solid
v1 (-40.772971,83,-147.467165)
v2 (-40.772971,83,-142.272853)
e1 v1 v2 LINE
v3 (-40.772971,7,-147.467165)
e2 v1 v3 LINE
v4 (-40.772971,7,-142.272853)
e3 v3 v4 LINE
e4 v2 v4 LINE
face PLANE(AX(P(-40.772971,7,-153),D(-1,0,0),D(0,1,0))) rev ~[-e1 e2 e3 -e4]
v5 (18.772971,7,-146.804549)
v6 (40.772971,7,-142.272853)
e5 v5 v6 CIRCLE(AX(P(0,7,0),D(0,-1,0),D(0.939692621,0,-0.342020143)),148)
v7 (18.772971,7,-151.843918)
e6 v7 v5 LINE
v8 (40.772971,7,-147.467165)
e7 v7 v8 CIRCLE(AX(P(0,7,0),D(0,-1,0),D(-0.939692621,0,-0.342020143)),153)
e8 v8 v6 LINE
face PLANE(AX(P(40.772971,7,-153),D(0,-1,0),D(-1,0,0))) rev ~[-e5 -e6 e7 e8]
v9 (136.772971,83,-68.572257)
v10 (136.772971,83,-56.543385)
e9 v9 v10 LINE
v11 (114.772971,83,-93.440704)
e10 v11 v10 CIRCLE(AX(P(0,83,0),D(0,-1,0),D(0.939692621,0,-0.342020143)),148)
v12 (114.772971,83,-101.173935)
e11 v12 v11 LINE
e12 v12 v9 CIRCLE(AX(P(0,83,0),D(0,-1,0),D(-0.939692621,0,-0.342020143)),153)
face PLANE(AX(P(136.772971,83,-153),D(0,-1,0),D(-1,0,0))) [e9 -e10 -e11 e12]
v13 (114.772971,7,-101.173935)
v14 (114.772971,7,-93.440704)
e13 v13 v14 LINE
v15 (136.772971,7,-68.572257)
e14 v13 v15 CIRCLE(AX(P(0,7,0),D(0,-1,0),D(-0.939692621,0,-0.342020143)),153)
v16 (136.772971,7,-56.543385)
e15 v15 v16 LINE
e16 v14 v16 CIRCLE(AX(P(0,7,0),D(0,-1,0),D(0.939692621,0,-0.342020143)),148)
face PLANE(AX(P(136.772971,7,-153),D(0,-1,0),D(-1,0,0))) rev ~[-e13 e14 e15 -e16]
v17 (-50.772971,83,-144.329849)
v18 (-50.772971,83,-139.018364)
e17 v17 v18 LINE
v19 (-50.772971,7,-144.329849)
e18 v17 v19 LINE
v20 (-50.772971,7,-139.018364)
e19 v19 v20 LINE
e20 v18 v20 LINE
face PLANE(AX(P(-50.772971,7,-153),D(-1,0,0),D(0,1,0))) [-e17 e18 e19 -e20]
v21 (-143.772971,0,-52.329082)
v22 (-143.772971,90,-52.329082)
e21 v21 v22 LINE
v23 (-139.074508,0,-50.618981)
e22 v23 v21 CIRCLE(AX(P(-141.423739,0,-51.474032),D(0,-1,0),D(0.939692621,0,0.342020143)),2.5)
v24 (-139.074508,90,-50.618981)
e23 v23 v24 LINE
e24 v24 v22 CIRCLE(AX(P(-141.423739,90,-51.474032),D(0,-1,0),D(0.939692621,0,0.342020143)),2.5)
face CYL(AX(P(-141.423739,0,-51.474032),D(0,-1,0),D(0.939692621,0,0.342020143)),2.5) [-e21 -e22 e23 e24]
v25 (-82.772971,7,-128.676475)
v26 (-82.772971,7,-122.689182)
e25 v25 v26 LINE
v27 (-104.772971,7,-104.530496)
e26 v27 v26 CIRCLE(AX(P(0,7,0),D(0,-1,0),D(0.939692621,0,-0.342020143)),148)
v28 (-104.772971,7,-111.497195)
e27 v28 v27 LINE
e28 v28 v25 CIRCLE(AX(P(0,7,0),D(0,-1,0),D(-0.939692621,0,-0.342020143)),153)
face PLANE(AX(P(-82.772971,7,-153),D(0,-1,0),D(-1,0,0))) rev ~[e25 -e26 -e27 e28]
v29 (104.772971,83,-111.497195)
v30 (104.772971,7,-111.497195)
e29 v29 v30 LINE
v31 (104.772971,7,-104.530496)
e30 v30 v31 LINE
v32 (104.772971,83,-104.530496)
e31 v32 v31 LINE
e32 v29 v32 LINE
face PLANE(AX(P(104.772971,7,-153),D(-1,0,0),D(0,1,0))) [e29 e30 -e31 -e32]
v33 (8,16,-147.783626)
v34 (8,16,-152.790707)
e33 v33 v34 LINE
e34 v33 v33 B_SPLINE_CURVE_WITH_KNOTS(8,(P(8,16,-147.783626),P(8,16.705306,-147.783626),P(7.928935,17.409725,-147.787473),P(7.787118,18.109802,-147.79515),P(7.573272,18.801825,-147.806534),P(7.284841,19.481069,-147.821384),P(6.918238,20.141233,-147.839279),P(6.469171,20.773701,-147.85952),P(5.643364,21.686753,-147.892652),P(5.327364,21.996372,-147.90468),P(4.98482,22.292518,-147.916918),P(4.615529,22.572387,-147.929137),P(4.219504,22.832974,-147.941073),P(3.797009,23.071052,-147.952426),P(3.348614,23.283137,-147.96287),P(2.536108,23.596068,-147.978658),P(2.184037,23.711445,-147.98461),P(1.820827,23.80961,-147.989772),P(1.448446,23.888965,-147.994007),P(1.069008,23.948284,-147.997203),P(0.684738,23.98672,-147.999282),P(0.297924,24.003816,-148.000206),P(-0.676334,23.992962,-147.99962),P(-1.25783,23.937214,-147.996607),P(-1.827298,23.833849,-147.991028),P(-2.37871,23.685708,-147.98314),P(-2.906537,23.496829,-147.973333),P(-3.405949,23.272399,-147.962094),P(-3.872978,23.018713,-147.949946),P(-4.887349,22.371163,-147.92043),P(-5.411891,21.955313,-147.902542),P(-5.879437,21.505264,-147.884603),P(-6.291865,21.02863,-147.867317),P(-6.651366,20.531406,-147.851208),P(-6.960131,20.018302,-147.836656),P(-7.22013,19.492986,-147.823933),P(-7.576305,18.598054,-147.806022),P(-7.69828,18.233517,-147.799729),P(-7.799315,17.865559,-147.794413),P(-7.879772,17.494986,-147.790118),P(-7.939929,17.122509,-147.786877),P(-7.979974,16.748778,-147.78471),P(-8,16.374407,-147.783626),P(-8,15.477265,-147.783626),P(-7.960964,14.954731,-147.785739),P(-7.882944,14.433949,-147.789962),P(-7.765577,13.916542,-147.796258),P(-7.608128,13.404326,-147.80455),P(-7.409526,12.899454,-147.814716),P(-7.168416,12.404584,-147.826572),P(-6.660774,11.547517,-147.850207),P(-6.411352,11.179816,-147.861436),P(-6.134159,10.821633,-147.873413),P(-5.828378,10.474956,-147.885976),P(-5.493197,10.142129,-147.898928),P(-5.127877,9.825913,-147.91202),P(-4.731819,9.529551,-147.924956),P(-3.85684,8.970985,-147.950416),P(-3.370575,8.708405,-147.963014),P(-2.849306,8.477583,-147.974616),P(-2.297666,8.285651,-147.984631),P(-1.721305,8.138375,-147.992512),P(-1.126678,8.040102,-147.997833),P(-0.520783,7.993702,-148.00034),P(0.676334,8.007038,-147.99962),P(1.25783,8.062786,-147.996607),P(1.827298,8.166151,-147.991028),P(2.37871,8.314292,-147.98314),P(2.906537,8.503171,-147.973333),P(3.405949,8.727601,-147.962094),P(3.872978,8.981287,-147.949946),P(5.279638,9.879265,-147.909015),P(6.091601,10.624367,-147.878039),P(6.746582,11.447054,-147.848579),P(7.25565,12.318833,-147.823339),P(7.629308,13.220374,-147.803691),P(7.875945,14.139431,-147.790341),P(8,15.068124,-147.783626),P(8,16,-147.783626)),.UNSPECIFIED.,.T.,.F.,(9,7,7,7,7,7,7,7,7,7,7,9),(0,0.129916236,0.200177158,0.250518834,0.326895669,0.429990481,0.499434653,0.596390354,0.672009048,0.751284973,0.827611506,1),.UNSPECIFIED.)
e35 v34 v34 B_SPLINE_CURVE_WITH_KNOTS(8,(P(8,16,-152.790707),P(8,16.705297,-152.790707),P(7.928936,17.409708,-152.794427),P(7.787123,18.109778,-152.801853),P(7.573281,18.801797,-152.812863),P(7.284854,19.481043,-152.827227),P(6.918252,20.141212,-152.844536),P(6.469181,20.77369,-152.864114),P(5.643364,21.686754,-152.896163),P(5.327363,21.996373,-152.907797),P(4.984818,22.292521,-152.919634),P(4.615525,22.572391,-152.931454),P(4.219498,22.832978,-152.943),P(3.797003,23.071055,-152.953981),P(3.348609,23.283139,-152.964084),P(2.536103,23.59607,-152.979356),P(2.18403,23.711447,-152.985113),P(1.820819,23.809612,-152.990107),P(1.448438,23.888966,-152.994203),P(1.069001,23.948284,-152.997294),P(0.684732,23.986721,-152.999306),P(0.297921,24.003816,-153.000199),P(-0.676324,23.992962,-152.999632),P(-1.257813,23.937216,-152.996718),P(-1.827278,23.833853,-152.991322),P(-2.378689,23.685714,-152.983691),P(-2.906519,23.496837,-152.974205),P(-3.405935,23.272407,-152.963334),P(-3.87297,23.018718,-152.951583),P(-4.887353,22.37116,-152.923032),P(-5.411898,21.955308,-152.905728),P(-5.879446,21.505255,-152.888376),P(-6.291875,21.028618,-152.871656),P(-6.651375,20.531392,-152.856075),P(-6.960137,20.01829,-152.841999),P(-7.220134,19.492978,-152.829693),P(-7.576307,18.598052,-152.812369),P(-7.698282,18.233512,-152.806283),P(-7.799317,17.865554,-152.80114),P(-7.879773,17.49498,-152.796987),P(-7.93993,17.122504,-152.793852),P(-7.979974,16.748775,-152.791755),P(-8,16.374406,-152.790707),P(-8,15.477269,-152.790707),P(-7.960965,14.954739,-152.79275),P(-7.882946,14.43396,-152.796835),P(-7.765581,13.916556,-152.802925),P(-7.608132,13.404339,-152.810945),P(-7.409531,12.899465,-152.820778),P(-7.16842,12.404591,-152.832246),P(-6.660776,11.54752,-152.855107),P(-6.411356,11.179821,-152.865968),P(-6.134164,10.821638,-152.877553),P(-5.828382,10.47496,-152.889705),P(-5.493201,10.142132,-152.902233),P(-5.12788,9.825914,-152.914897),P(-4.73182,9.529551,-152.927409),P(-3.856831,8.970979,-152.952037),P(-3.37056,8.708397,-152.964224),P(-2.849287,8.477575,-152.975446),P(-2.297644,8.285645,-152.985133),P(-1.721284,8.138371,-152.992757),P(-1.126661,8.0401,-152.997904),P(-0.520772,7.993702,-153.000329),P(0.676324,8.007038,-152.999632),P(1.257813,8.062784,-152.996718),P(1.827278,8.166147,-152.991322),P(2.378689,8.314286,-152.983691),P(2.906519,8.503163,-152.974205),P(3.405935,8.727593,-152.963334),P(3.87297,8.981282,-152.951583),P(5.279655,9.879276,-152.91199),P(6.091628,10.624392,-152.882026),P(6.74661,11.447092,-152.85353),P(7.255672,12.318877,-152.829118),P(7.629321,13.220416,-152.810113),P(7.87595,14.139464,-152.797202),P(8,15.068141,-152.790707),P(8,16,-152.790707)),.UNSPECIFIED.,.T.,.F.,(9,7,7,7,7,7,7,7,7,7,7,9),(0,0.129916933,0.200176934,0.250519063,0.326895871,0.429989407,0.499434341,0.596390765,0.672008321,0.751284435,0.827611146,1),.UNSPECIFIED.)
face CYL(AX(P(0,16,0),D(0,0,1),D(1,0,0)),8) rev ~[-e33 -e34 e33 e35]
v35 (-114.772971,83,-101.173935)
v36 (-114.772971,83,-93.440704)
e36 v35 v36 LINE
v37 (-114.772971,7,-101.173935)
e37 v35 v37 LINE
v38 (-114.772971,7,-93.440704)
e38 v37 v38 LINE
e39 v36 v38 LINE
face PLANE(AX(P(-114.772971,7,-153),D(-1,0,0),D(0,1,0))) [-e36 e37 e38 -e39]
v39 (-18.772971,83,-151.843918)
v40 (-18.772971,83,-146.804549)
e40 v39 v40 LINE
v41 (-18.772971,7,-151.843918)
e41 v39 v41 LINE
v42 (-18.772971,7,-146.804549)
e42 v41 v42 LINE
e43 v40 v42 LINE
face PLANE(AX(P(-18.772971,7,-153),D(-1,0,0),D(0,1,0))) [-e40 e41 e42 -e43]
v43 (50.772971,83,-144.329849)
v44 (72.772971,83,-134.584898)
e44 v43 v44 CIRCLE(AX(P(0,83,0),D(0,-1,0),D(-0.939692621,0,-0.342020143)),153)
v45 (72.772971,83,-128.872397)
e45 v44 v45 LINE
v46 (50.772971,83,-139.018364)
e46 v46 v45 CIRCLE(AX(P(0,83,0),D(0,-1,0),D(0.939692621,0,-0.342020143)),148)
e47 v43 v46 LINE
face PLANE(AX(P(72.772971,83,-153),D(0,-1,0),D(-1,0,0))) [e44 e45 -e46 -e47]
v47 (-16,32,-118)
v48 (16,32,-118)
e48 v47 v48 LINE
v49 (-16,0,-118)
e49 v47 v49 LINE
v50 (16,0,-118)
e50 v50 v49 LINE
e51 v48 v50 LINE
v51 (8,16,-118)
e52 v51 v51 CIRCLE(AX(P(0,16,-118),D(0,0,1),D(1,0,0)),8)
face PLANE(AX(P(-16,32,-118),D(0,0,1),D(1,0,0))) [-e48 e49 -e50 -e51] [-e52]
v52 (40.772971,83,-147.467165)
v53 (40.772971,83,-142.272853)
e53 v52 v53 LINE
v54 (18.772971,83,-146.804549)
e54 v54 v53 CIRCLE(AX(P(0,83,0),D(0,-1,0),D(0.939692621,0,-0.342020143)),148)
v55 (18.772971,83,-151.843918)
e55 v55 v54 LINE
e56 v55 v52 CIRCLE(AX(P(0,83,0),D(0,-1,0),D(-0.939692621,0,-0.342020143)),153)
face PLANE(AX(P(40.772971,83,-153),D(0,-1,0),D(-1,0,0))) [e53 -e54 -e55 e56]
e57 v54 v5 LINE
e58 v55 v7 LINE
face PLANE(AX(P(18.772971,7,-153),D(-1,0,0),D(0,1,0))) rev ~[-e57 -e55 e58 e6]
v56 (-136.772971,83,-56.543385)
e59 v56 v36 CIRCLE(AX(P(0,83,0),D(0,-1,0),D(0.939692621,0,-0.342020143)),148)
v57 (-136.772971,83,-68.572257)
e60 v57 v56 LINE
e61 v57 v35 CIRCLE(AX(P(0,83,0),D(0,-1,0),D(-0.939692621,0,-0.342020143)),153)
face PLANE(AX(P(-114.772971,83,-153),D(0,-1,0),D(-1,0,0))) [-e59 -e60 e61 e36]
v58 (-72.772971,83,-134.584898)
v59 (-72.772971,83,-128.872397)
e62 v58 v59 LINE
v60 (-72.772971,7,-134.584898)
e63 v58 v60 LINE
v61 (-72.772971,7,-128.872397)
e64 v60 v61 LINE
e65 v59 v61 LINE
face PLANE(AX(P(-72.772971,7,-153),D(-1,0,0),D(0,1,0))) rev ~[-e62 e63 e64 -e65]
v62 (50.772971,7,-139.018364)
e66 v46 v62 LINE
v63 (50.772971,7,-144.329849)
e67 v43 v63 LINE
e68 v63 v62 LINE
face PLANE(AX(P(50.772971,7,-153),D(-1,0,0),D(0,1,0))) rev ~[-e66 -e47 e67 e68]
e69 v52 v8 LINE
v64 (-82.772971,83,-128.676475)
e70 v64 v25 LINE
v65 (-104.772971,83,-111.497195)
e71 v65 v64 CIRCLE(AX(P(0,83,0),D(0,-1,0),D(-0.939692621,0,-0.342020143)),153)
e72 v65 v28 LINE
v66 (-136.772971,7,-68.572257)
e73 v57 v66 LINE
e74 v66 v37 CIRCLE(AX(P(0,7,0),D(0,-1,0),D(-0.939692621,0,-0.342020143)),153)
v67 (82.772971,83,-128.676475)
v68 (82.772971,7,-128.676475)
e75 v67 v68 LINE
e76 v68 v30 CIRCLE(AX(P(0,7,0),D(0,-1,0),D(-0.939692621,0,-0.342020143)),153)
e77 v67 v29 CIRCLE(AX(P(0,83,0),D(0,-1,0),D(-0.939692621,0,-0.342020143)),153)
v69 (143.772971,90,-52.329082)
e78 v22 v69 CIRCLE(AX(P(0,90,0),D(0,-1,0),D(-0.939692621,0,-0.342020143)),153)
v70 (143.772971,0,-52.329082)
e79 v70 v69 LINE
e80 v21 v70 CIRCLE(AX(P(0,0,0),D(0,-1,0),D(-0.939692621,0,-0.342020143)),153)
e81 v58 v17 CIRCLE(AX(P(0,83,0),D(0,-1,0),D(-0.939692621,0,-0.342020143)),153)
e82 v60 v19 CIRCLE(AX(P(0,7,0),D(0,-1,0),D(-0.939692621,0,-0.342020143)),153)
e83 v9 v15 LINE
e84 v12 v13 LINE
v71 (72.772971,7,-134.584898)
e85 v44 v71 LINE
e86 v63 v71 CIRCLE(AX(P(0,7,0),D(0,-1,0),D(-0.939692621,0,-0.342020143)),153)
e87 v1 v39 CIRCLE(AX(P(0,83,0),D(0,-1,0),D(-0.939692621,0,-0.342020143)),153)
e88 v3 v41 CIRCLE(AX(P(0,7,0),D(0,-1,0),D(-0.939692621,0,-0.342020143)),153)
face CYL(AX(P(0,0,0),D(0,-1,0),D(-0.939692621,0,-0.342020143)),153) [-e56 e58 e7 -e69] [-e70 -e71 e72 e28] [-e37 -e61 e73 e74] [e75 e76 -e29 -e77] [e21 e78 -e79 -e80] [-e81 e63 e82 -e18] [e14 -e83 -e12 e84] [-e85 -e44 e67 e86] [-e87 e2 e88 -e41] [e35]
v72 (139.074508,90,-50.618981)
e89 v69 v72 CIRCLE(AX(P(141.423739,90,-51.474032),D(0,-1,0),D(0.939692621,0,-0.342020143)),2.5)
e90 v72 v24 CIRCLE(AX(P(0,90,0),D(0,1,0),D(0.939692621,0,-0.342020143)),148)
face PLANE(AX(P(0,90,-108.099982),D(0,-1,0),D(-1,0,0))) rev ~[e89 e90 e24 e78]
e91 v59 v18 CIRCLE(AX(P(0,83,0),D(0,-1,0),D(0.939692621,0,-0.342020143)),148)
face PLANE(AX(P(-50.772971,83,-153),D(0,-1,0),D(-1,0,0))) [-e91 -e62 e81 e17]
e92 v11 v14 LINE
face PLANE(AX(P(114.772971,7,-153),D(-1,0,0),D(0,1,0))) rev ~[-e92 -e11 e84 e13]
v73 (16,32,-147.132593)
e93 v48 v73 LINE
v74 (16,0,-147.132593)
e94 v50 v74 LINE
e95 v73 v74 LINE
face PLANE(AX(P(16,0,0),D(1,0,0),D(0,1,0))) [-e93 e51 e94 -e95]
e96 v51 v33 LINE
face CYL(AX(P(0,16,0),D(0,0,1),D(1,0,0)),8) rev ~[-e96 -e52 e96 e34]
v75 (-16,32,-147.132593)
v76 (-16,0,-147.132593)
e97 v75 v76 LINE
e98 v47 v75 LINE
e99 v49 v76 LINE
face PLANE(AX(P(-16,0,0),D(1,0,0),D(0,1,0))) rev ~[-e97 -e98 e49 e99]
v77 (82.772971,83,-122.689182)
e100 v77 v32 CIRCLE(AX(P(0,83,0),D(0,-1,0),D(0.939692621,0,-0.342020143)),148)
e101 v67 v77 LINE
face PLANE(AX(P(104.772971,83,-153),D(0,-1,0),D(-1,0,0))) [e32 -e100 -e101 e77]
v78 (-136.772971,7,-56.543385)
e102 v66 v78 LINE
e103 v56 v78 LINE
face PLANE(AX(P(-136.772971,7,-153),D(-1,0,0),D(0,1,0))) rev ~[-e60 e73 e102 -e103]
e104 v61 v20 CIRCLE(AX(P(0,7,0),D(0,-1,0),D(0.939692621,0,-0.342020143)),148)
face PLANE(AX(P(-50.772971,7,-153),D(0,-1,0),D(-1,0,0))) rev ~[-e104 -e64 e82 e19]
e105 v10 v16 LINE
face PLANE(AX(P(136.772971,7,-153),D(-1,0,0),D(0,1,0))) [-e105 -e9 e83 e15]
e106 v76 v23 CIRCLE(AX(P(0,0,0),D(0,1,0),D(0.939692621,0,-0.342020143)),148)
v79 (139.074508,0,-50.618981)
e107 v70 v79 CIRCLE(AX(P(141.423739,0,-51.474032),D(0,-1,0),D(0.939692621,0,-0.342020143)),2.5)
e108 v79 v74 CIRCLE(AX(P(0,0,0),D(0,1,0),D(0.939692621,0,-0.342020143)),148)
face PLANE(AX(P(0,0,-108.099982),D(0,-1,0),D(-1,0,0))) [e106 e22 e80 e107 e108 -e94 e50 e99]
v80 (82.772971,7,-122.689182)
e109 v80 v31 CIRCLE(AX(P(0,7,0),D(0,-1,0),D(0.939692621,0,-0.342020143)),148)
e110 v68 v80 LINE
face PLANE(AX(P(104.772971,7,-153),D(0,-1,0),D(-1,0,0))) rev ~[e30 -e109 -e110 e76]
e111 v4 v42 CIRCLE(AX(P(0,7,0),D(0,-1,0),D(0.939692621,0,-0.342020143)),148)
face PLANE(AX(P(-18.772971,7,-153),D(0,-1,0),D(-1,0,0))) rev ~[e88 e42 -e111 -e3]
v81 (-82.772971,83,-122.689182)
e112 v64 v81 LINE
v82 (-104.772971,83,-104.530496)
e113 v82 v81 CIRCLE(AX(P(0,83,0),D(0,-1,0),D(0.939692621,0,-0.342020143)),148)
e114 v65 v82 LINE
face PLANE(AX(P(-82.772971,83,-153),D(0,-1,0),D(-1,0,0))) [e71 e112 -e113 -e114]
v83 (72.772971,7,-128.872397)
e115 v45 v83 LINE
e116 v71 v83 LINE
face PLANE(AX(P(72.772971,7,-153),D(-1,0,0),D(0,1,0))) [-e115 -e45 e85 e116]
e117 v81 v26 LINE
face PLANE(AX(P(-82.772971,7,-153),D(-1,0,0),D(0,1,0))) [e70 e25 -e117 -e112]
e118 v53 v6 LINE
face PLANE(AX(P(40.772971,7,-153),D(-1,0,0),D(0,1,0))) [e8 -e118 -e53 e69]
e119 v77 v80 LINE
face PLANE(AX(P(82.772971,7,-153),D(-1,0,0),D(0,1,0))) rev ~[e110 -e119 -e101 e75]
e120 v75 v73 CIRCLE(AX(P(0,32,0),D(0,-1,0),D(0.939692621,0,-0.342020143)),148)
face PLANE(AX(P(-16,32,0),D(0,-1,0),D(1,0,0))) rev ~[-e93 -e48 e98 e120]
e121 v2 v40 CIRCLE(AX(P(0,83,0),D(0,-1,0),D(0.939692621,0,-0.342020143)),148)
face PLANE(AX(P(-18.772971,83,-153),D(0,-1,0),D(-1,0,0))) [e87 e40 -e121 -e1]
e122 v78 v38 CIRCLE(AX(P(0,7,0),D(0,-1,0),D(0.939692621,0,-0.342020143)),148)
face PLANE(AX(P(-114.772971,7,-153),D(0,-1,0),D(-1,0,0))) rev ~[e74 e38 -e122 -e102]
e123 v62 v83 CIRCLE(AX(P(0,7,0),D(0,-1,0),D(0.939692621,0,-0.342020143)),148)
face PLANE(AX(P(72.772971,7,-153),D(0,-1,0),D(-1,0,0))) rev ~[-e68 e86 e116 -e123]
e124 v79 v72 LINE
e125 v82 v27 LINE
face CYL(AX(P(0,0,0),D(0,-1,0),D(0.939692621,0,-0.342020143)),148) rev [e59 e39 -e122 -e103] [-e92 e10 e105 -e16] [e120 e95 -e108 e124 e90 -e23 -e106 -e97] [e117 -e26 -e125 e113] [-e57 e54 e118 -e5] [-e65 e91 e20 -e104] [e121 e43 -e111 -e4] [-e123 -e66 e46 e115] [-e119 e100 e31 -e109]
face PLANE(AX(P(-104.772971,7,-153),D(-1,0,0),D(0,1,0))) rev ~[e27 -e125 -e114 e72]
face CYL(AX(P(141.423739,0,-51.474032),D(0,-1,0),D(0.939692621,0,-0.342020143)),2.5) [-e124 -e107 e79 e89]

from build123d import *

# Parameters (mm, degrees)
BOSS_EXTRUDE1_DEPTH = 90
BOSS_EXTRUDE2_REACH = 155
SKETCH2_W           = 32
SKETCH2_H           = 32
SKETCH2_R           = 8
SKETCH3_R           = 8
CUT_EXTRUDE1_DEPTH  = 210
SKETCH4_W           = 32
SKETCH4_H           = 118
CUT_EXTRUDE2_DEPTH  = 210
SKETCH5_W           = 22
SKETCH5_H           = 76
CUT_EXTRUDE4_DEPTH  = 210


with BuildPart() as part:
    # Sketch1 → Boss-Extrude1 (new body)
    with BuildSketch(Plane(origin=(0, 0, 0), x_dir=(1, 0, 0), z_dir=(0, 1, 0))):
        with BuildLine():
            ThreePointArc((139.074507876, 50.618981212), (0, 148), (-139.074507876, 50.618981212))
            ThreePointArc((-139.074507876, 50.618981212), (-142.278789787, 49.124800019), (-143.77297098, 52.329081929))
            ThreePointArc((-143.77297098, 52.329081929), (0, 153), (143.77297098, 52.329081929))
            ThreePointArc((143.77297098, 52.329081929), (142.278789787, 49.124800019), (139.074507876, 50.618981212))
        make_face()
    extrude(amount=BOSS_EXTRUDE1_DEPTH)

    # Sketch2 → Boss-Extrude2 (add, up to next)
    with BuildSketch(Plane.XY, mode=Mode.PRIVATE) as boss_extrude2_sk1:
        with Locations((0, 16)):
            Rectangle(SKETCH2_W, SKETCH2_H)
        with Locations((0, 16)):
            Circle(SKETCH2_R, mode=Mode.SUBTRACT)
    boss_extrude2_tool1 = extrude(boss_extrude2_sk1.sketch, amount=-BOSS_EXTRUDE2_REACH, mode=Mode.PRIVATE) - part.part
    add(boss_extrude2_tool1.solids().sort_by_distance((0, 0.452548, 0))[0])

    # Sketch3 → Cut-Extrude1 (cut)
    with BuildSketch(Plane.XY):
        with Locations((0, 16)):
            Circle(SKETCH3_R)
    extrude(amount=-CUT_EXTRUDE1_DEPTH, mode=Mode.SUBTRACT)

    # Sketch4 → Cut-Extrude2 (cut)
    with BuildSketch(Plane(origin=(0, 32, 0), x_dir=(1, 0, 0), z_dir=(0, 1, 0))):
        with Locations((0, 59)):
            Rectangle(SKETCH4_W, SKETCH4_H)
    extrude(amount=-CUT_EXTRUDE2_DEPTH, mode=Mode.SUBTRACT)

    # Sketch5 → Cut-Extrude4 (cut)
    with BuildSketch(Plane(origin=(0, 0, -153), x_dir=(-1, 0, 0), z_dir=(0, 0, -1))):
        with Locations((-125.77297098, 45)):
            Rectangle(SKETCH5_W, SKETCH5_H)
        with Locations((-93.77297098, 45)):
            Rectangle(SKETCH5_W, SKETCH5_H)
        with Locations((-61.77297098, 45)):
            Rectangle(SKETCH5_W, SKETCH5_H)
        with Locations((29.77297098, 45)):
            Rectangle(SKETCH5_W, SKETCH5_H)
        with Locations((61.77297098, 45)):
            Rectangle(SKETCH5_W, SKETCH5_H)
        with Locations((93.77297098, 45)):
            Rectangle(SKETCH5_W, SKETCH5_H)
        with Locations((125.77297098, 45)):
            Rectangle(SKETCH5_W, SKETCH5_H)
        with Locations((-29.77297098, 45)):
            Rectangle(SKETCH5_W, SKETCH5_H)
    extrude(amount=-CUT_EXTRUDE4_DEPTH, mode=Mode.SUBTRACT)


solid = part.part
